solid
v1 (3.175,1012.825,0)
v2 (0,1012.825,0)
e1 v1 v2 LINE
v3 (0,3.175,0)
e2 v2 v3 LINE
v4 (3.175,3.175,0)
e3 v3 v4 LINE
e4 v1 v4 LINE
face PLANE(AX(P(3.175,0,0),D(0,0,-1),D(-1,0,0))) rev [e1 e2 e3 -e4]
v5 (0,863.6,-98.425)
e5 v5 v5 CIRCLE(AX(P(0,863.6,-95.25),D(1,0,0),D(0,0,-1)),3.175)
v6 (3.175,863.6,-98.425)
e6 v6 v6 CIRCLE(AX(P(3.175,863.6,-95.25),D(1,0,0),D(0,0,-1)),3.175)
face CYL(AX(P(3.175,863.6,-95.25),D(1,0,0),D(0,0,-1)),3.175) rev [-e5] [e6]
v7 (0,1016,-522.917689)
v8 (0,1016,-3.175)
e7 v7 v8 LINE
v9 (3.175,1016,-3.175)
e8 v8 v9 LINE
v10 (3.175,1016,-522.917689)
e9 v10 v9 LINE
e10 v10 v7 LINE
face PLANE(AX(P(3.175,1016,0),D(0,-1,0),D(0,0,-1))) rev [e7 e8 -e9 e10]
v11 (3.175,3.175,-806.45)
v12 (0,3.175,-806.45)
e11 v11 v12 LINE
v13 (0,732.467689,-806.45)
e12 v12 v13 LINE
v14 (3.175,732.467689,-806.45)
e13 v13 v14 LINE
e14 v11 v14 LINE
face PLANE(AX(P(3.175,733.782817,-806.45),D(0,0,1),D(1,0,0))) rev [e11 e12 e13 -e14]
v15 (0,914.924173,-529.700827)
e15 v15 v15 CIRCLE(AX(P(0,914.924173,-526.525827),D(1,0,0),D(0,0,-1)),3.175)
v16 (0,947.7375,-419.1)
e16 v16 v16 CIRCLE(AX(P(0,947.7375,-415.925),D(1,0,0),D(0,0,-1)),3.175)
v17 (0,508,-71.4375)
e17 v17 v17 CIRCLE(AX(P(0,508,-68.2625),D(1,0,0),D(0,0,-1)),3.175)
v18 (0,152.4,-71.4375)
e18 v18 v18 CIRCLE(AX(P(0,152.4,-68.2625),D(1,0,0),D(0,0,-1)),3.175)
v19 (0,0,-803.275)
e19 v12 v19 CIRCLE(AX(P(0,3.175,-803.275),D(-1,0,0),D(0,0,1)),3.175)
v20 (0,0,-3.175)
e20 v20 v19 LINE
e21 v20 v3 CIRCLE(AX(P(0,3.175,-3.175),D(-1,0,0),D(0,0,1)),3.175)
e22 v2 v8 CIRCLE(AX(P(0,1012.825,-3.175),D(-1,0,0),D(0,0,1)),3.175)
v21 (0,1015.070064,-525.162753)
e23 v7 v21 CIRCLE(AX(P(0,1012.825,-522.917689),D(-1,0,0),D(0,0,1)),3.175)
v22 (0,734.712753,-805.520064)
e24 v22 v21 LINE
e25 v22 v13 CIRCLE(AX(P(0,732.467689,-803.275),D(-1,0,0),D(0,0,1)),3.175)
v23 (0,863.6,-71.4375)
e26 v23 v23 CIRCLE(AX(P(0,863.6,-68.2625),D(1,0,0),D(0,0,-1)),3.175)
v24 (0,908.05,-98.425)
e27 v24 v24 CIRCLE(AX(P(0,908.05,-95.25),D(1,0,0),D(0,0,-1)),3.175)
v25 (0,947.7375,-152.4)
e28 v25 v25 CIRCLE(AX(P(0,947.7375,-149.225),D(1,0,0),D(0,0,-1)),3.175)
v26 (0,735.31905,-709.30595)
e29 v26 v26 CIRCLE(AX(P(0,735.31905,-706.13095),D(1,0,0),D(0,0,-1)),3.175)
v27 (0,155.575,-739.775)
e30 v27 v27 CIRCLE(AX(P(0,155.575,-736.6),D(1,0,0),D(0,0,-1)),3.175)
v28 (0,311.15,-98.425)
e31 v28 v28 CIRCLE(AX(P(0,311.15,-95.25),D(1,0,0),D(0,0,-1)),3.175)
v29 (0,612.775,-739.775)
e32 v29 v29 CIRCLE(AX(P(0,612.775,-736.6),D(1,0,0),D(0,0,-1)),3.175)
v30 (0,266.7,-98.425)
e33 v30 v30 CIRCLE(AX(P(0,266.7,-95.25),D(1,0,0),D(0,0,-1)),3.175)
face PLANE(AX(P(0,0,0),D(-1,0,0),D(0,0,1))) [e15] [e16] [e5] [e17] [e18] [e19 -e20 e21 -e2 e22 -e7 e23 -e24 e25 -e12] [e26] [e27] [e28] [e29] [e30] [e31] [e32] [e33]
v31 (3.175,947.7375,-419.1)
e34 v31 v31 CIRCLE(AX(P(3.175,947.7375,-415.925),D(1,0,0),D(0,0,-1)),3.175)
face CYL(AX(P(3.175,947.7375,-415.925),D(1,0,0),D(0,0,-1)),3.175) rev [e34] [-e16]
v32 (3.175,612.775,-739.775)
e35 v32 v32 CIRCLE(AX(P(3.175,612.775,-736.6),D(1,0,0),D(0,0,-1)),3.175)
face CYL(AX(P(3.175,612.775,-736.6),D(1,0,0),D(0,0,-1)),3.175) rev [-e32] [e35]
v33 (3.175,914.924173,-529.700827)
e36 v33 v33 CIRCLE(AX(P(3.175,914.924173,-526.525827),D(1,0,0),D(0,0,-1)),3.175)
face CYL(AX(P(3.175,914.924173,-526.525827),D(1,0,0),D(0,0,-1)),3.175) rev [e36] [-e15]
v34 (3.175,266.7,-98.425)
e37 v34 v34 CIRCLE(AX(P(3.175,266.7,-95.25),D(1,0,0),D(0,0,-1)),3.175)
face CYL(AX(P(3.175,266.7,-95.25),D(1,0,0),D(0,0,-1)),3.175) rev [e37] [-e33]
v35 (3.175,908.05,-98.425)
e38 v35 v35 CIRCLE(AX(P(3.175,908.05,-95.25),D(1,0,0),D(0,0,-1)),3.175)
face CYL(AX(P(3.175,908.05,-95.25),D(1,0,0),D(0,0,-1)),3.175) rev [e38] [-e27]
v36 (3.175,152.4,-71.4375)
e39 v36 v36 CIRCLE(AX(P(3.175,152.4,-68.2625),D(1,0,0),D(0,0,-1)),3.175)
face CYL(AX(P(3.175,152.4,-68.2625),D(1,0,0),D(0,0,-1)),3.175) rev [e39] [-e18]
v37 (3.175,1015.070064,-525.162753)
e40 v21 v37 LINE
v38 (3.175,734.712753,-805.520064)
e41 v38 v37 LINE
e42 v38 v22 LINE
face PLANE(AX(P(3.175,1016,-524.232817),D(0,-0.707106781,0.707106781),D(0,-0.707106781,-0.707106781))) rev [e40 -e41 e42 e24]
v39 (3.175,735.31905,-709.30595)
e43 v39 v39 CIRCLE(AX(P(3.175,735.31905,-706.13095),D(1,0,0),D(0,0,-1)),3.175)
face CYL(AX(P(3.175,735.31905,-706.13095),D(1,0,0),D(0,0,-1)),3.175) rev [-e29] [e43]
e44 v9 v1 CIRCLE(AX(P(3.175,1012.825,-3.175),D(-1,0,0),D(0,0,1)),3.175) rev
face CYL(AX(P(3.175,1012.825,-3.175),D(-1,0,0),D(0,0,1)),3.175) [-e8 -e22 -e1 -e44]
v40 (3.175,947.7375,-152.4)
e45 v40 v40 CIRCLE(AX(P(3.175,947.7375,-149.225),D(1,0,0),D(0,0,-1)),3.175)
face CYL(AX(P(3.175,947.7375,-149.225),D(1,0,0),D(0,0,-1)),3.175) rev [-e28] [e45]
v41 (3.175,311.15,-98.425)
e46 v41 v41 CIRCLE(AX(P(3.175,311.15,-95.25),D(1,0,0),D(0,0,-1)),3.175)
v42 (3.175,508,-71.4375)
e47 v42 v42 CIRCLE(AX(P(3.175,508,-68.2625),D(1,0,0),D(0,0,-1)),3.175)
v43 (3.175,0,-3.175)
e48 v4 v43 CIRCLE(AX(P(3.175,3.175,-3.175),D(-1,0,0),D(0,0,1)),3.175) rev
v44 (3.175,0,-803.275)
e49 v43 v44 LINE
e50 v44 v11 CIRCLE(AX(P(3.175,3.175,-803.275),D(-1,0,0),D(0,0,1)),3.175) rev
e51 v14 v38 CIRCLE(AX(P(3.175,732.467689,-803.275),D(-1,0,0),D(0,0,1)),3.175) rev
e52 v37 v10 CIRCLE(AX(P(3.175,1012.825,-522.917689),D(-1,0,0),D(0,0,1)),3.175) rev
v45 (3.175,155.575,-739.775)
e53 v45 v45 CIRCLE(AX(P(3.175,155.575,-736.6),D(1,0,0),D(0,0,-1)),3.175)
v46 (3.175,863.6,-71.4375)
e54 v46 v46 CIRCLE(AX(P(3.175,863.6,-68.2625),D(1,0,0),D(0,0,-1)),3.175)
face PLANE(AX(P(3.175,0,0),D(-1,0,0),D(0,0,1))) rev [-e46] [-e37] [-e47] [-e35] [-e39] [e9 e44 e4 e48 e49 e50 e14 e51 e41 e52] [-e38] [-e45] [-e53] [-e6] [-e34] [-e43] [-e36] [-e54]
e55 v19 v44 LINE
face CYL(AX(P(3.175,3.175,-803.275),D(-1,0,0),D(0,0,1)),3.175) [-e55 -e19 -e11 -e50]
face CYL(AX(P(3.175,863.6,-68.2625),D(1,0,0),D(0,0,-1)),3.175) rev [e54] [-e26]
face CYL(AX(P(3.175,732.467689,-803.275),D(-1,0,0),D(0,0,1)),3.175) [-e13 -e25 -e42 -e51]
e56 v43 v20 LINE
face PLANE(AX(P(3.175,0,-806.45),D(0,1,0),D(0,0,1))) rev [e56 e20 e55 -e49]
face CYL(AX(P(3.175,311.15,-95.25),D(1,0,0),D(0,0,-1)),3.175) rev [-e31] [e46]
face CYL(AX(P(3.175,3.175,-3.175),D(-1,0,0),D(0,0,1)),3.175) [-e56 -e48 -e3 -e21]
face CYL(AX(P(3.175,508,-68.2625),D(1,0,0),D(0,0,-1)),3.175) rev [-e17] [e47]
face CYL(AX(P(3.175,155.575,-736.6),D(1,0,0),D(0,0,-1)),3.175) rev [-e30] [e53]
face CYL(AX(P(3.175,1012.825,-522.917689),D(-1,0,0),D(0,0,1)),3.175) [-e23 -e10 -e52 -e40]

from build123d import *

# Parameters (mm, degrees)
BOSS_EXTRUDE1_DEPTH         = 3.175
F_1_4_0_25_DIAMETER_HOLE1_D = 6.35
FILLET1_R                   = 3.175


with BuildPart() as part:
    # Sketch1 → Boss-Extrude1 (new body)
    with BuildSketch(Plane(origin=(0, 0, 0), x_dir=(0, 0, -1), z_dir=(1, 0, 0))):
        Polygon((0, 0), (0, 1016), (524.232817332, 1016), (806.45, 733.782817332), (806.45, 0), align=None)
    extrude(amount=BOSS_EXTRUDE1_DEPTH)

    # 1/4 (0.25) Diameter Hole1 (through all)
    with Locations(Plane(origin=(3.175, 0, 0), x_dir=(0, 0, -1), z_dir=(1, 0, 0))):
        with Locations((95.25, 908.05), (68.2625, 152.4), (68.2625, 508), (68.2625, 863.6), (149.225, 947.7375), (415.925, 947.7375), (736.6, 155.575), (736.6, 612.775), (706.130949904, 735.319050096), (526.525827482, 914.924172518), (95.25, 266.7), (95.25, 311.15), (95.25, 863.6)):
            Hole(F_1_4_0_25_DIAMETER_HOLE1_D / 2)

    # Fillet1
    fillet1_edges = [part.edges().sort_by_distance(p)[0] for p in [
        (1.5875, 0, 0),
        (1.5875, 1016, 0),
        (1.5875, 1016, -524.232817332),
        (1.5875, 733.782817332, -806.45),
        (1.5875, 0, -806.45),
    ]]
    fillet(fillet1_edges, radius=FILLET1_R)


solid = part.part
